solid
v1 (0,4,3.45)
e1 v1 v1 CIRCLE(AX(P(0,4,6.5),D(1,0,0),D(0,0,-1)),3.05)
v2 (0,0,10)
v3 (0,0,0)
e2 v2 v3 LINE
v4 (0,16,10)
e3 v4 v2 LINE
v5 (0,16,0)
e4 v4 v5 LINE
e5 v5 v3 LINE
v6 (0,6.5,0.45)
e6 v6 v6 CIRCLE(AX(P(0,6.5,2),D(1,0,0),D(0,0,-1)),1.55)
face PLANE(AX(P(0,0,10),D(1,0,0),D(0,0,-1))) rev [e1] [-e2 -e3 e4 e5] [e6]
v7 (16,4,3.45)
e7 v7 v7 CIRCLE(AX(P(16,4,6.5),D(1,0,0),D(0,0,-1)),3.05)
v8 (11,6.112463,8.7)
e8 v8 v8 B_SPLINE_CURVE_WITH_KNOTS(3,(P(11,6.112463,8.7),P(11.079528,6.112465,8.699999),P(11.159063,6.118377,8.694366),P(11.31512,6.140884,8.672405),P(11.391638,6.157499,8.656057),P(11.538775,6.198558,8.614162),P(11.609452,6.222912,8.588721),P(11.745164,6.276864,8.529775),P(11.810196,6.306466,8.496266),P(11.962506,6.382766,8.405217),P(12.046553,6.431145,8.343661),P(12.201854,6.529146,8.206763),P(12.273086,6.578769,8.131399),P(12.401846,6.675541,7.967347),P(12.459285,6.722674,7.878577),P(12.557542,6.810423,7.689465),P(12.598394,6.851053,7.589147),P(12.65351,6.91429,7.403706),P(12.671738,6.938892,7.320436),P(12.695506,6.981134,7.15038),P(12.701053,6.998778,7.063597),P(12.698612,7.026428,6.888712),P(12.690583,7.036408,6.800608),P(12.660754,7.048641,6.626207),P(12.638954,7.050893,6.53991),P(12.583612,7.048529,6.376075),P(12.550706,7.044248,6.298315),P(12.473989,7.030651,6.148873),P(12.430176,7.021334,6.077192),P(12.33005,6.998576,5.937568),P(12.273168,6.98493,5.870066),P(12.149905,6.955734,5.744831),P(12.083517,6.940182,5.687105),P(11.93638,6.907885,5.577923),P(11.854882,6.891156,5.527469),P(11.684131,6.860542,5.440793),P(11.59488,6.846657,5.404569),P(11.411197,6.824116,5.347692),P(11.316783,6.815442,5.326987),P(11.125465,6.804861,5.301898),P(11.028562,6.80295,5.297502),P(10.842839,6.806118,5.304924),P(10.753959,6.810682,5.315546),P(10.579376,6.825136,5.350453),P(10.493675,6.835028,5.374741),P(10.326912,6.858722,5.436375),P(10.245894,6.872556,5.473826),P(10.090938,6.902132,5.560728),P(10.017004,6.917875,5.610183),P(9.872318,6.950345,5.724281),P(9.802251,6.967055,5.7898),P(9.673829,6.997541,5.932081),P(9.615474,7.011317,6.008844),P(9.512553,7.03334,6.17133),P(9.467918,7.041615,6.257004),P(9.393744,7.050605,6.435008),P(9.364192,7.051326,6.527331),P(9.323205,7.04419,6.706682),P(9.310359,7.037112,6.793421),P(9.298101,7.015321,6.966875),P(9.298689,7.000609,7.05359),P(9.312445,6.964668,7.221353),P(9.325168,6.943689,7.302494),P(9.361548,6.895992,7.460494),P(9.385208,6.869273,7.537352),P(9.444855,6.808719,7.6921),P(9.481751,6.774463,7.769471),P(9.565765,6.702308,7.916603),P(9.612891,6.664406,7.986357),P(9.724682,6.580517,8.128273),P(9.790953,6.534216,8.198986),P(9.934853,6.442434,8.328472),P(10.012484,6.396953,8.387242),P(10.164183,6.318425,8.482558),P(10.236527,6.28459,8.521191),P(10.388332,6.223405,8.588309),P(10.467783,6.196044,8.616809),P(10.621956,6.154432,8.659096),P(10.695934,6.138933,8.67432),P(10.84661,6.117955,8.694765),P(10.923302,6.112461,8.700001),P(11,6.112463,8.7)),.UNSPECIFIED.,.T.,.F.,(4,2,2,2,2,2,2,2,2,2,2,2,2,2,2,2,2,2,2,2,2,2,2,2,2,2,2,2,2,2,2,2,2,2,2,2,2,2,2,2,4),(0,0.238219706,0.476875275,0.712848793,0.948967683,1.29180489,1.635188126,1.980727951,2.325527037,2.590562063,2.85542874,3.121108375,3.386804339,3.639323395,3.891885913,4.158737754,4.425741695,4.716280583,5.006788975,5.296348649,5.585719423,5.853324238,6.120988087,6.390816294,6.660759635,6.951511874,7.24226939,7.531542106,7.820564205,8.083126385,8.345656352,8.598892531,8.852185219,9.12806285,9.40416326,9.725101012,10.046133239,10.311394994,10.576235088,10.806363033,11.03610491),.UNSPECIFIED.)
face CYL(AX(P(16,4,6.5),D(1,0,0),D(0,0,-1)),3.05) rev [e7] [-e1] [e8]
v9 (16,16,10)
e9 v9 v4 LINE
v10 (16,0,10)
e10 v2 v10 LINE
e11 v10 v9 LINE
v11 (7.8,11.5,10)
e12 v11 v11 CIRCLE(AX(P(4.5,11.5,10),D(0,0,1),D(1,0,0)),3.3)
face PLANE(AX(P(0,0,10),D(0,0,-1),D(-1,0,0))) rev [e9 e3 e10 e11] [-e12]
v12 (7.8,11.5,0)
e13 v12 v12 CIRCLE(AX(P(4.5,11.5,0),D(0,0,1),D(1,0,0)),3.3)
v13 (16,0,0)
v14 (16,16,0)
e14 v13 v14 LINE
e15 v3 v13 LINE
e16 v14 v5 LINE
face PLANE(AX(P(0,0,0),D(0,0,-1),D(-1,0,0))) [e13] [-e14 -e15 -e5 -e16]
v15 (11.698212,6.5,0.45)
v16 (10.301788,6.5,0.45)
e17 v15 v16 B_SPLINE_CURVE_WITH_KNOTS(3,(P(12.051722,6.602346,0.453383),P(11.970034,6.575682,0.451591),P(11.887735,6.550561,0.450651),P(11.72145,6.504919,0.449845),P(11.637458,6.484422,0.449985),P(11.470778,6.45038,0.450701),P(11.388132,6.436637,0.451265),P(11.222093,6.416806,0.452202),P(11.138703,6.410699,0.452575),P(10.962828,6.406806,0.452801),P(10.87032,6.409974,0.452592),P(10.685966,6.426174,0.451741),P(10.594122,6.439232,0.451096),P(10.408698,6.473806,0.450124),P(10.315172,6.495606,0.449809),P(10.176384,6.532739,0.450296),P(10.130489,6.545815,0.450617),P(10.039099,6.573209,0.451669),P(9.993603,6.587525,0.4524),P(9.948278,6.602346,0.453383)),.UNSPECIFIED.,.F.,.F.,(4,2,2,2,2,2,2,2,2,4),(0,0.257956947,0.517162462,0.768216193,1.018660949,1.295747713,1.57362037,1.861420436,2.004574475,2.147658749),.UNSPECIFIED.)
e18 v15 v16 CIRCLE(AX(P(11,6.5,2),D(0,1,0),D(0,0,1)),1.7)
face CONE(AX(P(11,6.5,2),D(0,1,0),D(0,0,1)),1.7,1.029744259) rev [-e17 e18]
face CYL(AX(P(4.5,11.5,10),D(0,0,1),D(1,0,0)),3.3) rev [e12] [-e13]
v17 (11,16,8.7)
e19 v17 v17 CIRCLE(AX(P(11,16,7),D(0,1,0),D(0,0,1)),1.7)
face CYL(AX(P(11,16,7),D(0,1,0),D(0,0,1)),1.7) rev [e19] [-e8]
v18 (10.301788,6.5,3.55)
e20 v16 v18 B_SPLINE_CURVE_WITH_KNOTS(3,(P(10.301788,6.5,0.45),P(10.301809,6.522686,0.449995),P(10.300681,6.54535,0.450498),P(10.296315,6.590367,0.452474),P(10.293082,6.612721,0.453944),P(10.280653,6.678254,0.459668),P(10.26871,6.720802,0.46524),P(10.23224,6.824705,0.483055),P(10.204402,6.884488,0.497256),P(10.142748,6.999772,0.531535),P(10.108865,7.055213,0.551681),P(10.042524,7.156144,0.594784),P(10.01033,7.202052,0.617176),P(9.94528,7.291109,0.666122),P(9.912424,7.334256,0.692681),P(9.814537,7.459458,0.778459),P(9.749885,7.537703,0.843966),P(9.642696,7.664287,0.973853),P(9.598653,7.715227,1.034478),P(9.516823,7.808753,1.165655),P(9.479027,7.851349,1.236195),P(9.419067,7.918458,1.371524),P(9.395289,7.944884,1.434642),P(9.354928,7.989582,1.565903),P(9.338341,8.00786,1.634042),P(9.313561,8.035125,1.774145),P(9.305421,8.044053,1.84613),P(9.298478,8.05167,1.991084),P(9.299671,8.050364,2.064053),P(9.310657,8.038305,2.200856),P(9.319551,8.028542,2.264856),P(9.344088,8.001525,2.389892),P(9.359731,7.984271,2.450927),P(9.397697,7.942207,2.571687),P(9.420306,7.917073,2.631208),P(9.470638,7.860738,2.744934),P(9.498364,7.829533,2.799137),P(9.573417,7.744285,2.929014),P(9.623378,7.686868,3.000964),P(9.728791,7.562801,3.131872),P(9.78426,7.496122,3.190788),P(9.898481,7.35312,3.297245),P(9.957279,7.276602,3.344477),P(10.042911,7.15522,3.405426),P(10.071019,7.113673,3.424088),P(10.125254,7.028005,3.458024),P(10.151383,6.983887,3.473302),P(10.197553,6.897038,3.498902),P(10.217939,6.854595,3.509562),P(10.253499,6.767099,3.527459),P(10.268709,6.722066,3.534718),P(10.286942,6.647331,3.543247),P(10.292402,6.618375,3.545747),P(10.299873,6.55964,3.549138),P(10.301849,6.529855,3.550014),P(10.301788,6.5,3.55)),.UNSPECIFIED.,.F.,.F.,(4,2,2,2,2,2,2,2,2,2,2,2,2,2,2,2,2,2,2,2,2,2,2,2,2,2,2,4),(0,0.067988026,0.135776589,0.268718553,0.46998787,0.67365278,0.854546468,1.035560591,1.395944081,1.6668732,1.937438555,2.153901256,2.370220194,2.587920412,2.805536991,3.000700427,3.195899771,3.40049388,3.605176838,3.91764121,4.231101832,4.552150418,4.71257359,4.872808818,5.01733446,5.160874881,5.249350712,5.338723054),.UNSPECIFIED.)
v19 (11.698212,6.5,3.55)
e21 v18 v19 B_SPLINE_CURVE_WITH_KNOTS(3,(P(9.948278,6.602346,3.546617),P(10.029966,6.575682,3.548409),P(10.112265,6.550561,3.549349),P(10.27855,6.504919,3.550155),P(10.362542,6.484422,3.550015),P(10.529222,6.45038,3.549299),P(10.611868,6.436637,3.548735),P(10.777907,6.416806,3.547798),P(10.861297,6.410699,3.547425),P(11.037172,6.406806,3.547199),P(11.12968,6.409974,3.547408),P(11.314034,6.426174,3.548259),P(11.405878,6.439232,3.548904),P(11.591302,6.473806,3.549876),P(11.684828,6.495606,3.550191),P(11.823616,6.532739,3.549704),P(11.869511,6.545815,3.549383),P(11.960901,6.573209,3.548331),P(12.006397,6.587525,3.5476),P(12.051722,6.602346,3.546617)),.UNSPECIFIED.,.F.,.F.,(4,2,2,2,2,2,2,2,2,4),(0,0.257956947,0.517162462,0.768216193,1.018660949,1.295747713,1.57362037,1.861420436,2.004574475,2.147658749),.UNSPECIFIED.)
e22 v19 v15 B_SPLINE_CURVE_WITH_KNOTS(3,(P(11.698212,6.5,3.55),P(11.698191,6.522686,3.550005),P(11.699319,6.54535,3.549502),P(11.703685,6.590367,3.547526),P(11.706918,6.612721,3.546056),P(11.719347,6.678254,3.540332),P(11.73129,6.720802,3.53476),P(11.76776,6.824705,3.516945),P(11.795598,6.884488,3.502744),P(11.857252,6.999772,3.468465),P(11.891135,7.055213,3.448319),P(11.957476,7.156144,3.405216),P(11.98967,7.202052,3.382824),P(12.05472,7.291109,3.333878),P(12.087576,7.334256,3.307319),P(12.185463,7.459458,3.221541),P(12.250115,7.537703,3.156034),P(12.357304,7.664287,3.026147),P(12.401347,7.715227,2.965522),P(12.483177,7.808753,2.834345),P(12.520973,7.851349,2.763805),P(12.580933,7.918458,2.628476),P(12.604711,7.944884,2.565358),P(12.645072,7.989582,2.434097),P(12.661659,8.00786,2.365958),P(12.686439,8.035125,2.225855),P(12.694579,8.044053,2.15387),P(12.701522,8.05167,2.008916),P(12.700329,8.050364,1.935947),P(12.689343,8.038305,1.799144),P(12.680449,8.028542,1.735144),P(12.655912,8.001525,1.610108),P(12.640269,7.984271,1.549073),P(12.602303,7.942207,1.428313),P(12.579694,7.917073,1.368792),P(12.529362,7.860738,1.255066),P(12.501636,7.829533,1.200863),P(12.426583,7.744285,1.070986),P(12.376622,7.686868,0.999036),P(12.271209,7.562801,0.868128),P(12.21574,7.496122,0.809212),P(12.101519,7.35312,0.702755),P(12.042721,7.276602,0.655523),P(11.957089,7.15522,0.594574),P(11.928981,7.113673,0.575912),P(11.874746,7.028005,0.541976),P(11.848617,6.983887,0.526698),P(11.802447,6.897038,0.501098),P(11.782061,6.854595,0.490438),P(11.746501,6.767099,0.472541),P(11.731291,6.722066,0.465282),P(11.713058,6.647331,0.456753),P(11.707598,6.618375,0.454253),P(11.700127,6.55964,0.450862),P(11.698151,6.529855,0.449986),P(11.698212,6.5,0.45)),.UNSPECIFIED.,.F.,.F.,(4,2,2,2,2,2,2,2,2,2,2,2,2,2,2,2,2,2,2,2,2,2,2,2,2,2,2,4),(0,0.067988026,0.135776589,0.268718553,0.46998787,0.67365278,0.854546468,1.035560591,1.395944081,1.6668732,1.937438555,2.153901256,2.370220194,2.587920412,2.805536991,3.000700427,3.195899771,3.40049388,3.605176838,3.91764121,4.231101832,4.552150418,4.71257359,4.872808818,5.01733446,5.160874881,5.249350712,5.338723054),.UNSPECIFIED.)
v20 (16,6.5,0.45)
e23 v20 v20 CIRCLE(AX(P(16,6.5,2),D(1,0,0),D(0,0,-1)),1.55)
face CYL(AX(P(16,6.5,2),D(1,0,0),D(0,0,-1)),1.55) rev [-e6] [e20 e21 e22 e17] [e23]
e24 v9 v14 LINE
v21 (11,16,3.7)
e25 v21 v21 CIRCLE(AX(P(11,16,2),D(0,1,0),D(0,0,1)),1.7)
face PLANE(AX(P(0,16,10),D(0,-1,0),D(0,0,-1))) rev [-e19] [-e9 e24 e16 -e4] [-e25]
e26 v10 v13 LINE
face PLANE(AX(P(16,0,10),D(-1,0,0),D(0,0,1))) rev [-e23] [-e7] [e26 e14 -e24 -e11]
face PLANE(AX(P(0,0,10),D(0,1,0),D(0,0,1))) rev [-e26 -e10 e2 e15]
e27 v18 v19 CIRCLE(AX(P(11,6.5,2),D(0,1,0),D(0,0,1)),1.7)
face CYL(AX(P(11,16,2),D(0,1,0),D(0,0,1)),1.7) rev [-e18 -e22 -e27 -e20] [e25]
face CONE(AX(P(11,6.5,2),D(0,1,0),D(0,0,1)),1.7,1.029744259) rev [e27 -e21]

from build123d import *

# Parameters (mm, degrees)
ESQUISSE1_W                     = 16
ESQUISSE1_H                     = 16
BOSS_EXTRU_1_DEPTH              = 10
D_GAGEMENT_M61_D                = 6.6
DIAM_TRE_DU_PER_AGE_6_1_6_1_1_D = 6.1
DIAM_TRE_DU_PER_AGE_3_1_3_1_1_D = 3.1
D_GAGEMENT_M31_D                = 3.4
D_GAGEMENT_M31_DEPTH            = 11
D_GAGEMENT_M31_TIP              = 1.021463052
D_GAGEMENT_M33_D                = 3.4
D_GAGEMENT_M33_DEPTH            = 9.5
D_GAGEMENT_M33_TIP              = 1.021463052


with BuildPart() as part:
    # Esquisse1 → Boss.-Extru.1 (new body)
    with BuildSketch(Plane.XY):
        with Locations((8, 8)):
            Rectangle(ESQUISSE1_W, ESQUISSE1_H)
    extrude(amount=BOSS_EXTRU_1_DEPTH)

    # Dégagement M61 (through all)
    with Locations(Plane.XY.offset(10)):
        with Locations((4.5, 11.5)):
            Hole(D_GAGEMENT_M61_D / 2)

    # Diamètre du perçage Ø6.1 (6.1)1 (through all)
    with Locations(Plane(origin=(16, 0, 0), x_dir=(0, 0, -1), z_dir=(1, 0, 0))):
        with Locations((-6.5, 4)):
            Hole(DIAM_TRE_DU_PER_AGE_6_1_6_1_1_D / 2)

    # Diamètre du perçage Ø3.1 (3.1)1 (through all)
    with Locations(Plane(origin=(16, 0, 0), x_dir=(0, 0, -1), z_dir=(1, 0, 0))):
        with Locations((-2, 6.5)):
            Hole(DIAM_TRE_DU_PER_AGE_3_1_3_1_1_D / 2)

    # Dégagement M31
    with Locations(Plane(origin=(0, 16, 0), x_dir=(1, 0, 0), z_dir=(0, 1, 0))):
        with Locations((11, -7)):
            Hole(D_GAGEMENT_M31_D / 2, depth=D_GAGEMENT_M31_DEPTH)
            with Locations((0, 0, -(D_GAGEMENT_M31_DEPTH + D_GAGEMENT_M31_TIP / 2))):  # 118° drill point
                Cone(0, D_GAGEMENT_M31_D / 2, D_GAGEMENT_M31_TIP, mode=Mode.SUBTRACT)

    # Dégagement M33
    with Locations(Plane(origin=(0, 16, 0), x_dir=(1, 0, 0), z_dir=(0, 1, 0))):
        with Locations((11, -2)):
            Hole(D_GAGEMENT_M33_D / 2, depth=D_GAGEMENT_M33_DEPTH)
            with Locations((0, 0, -(D_GAGEMENT_M33_DEPTH + D_GAGEMENT_M33_TIP / 2))):  # 118° drill point
                Cone(0, D_GAGEMENT_M33_D / 2, D_GAGEMENT_M33_TIP, mode=Mode.SUBTRACT)


solid = part.part
